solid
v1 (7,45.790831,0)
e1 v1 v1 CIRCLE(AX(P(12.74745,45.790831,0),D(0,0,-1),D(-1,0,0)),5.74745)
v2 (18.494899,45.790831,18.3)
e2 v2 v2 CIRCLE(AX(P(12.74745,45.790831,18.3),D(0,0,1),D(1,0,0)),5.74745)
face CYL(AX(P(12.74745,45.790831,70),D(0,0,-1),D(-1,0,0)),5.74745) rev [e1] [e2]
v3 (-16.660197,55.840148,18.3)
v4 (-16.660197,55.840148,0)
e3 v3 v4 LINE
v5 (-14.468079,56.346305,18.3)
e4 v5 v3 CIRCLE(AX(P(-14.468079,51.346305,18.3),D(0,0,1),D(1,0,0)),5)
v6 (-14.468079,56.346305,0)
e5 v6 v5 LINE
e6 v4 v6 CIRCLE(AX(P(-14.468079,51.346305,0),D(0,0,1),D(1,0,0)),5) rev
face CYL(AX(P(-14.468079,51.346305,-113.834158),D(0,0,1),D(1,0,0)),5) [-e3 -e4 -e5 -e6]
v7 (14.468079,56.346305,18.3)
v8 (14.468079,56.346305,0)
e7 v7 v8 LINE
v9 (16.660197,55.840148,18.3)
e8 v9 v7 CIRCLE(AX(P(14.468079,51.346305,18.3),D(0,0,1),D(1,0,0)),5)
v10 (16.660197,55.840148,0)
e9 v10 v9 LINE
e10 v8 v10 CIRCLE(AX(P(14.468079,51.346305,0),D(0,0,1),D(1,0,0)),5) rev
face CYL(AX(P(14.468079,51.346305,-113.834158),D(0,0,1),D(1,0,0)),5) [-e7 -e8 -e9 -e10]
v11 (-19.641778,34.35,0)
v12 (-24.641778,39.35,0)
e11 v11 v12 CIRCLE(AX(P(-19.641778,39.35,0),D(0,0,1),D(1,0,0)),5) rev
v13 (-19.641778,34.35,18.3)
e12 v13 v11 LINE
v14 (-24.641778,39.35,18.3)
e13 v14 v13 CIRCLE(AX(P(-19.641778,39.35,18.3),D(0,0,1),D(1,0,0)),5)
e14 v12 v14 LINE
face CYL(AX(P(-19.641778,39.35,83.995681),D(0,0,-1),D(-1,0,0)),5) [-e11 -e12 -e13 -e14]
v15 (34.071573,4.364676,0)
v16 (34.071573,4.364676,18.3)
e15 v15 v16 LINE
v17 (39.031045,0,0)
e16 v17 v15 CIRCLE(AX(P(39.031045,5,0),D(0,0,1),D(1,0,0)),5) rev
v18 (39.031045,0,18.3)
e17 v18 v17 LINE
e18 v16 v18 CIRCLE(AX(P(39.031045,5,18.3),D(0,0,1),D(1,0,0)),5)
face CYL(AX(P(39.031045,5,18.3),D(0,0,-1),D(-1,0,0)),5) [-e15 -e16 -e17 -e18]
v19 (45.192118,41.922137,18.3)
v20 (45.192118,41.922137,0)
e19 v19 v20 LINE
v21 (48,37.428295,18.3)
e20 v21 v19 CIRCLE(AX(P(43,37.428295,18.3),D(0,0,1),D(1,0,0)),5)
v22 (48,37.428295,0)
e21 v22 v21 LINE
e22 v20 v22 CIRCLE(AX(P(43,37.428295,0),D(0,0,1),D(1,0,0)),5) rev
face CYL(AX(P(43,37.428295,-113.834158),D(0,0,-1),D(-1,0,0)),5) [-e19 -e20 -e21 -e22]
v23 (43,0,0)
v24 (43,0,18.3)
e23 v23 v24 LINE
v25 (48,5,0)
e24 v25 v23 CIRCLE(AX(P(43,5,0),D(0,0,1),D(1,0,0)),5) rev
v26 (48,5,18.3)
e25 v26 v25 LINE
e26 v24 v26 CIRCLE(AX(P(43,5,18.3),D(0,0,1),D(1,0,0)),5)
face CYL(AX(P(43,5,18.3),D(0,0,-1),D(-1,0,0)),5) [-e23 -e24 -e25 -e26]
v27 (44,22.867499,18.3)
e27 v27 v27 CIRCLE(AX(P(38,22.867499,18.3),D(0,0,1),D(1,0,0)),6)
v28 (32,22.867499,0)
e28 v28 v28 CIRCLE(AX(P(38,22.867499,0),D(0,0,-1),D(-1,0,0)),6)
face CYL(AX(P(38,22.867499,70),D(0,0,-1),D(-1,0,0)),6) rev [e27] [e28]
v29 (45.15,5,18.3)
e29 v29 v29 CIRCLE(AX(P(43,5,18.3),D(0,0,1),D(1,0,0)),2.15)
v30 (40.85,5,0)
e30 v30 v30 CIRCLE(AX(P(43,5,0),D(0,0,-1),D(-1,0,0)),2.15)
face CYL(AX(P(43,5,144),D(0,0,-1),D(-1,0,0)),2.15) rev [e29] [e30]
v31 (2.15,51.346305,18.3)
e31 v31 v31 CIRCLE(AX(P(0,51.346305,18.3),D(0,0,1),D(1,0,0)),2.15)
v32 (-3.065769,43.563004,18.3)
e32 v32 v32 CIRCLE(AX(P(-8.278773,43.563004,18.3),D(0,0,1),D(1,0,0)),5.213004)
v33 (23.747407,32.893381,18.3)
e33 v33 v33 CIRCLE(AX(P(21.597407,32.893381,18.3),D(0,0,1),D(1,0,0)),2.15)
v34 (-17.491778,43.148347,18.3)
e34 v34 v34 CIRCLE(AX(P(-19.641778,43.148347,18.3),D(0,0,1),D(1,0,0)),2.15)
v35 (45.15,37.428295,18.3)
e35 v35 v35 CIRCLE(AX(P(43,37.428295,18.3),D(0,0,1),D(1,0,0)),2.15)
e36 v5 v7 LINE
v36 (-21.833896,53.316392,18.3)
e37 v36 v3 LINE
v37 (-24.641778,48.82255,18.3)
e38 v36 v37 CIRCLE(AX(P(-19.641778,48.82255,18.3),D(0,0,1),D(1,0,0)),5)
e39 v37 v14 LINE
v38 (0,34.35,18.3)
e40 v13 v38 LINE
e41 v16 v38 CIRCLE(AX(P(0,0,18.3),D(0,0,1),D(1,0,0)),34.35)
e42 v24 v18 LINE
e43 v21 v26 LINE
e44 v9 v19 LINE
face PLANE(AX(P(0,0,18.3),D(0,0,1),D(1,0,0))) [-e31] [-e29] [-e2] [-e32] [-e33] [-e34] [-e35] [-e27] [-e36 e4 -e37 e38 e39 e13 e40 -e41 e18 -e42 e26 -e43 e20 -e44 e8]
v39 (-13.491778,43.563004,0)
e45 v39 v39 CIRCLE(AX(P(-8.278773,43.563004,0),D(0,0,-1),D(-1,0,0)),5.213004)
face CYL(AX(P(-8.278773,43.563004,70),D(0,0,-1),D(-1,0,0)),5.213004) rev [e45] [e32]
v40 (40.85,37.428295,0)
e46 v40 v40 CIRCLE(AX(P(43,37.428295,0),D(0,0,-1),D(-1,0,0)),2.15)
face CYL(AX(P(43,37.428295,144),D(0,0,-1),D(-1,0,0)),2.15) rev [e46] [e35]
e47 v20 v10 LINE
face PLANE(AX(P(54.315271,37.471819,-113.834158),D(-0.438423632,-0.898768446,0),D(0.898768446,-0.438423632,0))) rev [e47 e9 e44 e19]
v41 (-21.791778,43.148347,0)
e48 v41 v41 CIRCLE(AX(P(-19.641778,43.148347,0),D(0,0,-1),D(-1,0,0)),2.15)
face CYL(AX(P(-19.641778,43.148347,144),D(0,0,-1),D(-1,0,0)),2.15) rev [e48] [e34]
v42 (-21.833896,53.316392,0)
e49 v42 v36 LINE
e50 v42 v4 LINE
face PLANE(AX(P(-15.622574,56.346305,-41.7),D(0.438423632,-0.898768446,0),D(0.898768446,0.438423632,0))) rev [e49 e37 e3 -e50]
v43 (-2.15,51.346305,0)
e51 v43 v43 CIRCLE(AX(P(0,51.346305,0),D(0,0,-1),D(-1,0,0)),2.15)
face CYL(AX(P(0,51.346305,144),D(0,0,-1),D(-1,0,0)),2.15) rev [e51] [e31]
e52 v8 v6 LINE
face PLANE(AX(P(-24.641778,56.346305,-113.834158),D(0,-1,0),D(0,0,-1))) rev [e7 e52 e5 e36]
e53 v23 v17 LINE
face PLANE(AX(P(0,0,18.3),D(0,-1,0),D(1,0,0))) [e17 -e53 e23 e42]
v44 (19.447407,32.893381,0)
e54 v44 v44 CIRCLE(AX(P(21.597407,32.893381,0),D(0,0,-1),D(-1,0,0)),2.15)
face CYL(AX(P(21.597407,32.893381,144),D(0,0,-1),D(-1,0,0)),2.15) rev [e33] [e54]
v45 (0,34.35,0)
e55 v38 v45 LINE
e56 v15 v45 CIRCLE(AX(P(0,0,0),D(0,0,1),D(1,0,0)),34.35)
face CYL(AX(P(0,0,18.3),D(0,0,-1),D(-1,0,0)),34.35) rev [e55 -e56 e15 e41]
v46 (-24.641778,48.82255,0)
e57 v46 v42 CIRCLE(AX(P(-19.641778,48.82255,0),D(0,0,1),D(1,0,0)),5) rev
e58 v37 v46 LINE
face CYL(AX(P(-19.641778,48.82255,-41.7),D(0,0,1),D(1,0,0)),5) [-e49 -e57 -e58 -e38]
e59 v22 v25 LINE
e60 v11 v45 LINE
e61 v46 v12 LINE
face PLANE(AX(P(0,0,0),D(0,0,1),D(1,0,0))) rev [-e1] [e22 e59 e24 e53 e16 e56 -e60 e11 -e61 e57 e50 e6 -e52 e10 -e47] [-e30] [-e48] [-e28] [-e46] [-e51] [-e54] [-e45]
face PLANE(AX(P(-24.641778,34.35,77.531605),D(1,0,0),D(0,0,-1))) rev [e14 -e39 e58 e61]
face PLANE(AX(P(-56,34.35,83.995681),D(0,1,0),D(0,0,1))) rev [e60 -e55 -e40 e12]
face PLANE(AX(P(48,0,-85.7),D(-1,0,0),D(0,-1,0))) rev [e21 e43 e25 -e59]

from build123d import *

# Parameters (mm, degrees)
SKETCH_1_R           = 6
EXTRUDE_1_DEPTH      = 18.3
CUT_EXTRUDE_1_DEPTH  = 18.3
CUT_EXTRUDE_2_DEPTH  = 18.3
CUT_EXTRUDE_3_DEPTH  = 18.3
FILLET_1_R           = 2
CUT_EXTRUDE_4_DEPTH  = 18.3
CUT_EXTRUDE_5_DEPTH  = 18.3
CUT_EXTRUDE_6_DEPTH  = 60
CUT_EXTRUDE_8_DEPTH  = 104
SKETCH_10_R          = 2.15
CUT_EXTRUDE_9_DEPTH  = 144
FILLET_2_R           = 5
SKETCH_13_R          = 6
SKETCH_13_R_2        = 5.747449745
SKETCH_13_R_3        = 5.213004259
CUT_EXTRUDE_11_DEPTH = 70


with BuildPart() as part:
    # 草图1 → 凸台-拉伸1 (new body)
    with BuildSketch(Plane.XY):
        with BuildLine():
            Line((-56, 0), (-34.35, 0))
            ThreePointArc((-34.35, 0), (0, 34.35), (34.35, 0))
            Line((34.35, 0), (56, 0))
            Line((56, 0), (56, 56.65))
            Line((56, 56.65), (8.281928864, 111.239451243))
            ThreePointArc((8.281928864, 111.239451243), (0, 115), (-8.281928864, 111.239451243))
            Line((-8.281928864, 111.239451243), (-56, 56.65))
            Line((-56, 56.65), (-56, 0))
        make_face()
        with Locations((0, 104)):
            Circle(SKETCH_1_R, mode=Mode.SUBTRACT)
    extrude(amount=EXTRUDE_1_DEPTH)

    # 草图2 → 切除-拉伸1 (cut)
    with BuildSketch(Plane(origin=(0, 0, 0), x_dir=(-1, 0, 0), z_dir=(0, 0, -1))):
        with BuildLine():
            Line((56, 34.35), (0, 34.35))
            ThreePointArc((0, 34.35), (24.289117934, 24.289117934), (34.35, 0))
            Line((34.35, 0), (56, 0))
            Line((56, 0), (56, 34.35))
        make_face()
    extrude(amount=-CUT_EXTRUDE_1_DEPTH, mode=Mode.SUBTRACT)

    # 草图3 → 切除-拉伸2 (cut)
    with BuildSketch(Plane(origin=(0, 0, 0), x_dir=(-1, 0, 0), z_dir=(0, 0, -1))):
        Polygon((41, 34.35), (41, 59.35), (9.317845696, 109.846174099), (56, 56.65), (56, 34.35), align=None)
    extrude(amount=-CUT_EXTRUDE_2_DEPTH, mode=Mode.SUBTRACT)

    # 草图4 → 切除-拉伸3 (cut)
    with BuildSketch(Plane.XY.offset(18.3)):
        Polygon((-9.317845696, 109.846174099), (-8.855036315, 110.583816584), (-56, 56.65), align=None)
    extrude(amount=-CUT_EXTRUDE_3_DEPTH, mode=Mode.SUBTRACT)

    # 圆角1
    fillet_1_edges = [part.edges().sort_by_distance(p)[0] for p in [
        (-41, 34.35, 9.15),
    ]]
    fillet(fillet_1_edges, radius=FILLET_1_R)

    # 草图5 → 切除-拉伸4 (cut)
    with BuildSketch(Plane(origin=(0, 0, 0), x_dir=(-1, 0, 0), z_dir=(0, 0, -1))):
        Polygon((24.641777725, 34.35), (24.641777725, 85.422331825), (54.641777725, 59.35), (54.641777725, 34.35), align=None)
    extrude(amount=-CUT_EXTRUDE_4_DEPTH, mode=Mode.SUBTRACT)

    # 草图6 → 切除-拉伸5 (cut)
    with BuildSketch(Plane.XY.offset(18.3)):
        Polygon((-24.641777725, 56.346305337), (15.622574059, 56.346305337), (54.315270896, 37.471819075), (54.315270896, 119.471819075), (-24.641777725, 119.471819075), align=None)
    extrude(amount=-CUT_EXTRUDE_5_DEPTH, mode=Mode.SUBTRACT)

    # 草图7 → 切除-拉伸6 (cut)
    with BuildSketch(Plane.XY.offset(18.3)):
        Polygon((-15.622574059, 56.346305337), (-24.641777725, 51.946693793), (-24.641777725, 56.346305337), align=None)
    extrude(amount=-CUT_EXTRUDE_6_DEPTH, mode=Mode.SUBTRACT)

    # 草图9 → 切除-拉伸8 (cut)
    with BuildSketch(Plane.XY.offset(18.3)):
        Polygon((48, 0), (48, 40.552439024), (56, 36.65), (56, 0), align=None)
    extrude(amount=-CUT_EXTRUDE_8_DEPTH, mode=Mode.SUBTRACT)


with BuildPart() as cut_extrude_8_piece_1:
    # of the separate pieces the step leaves, piece 1, a body of its own (cut_extrude_8_pieces)
    add(part.part.solids().sort_by_distance((-24.641777725, 34.35, 0))[0])

    # 草图10 → 切除-拉伸9 (cut)
    with BuildSketch(Plane(origin=(0, 0, 0), x_dir=(-1, 0, 0), z_dir=(0, 0, -1))):
        with Locations((-43, 5)):
            Circle(SKETCH_10_R)
        with Locations((-43, 37.428295255)):
            Circle(SKETCH_10_R)
        with Locations((0, 51.346305337)):
            Circle(SKETCH_10_R)
        with Locations((19.641777725, 43.148346896)):
            Circle(SKETCH_10_R)
        with Locations((-21.597406613, 32.893381213)):
            Circle(SKETCH_10_R)
    extrude(amount=-CUT_EXTRUDE_9_DEPTH, mode=Mode.SUBTRACT)

    # 圆角2
    fillet_2_edges = [cut_extrude_8_piece_1.edges().sort_by_distance(p)[0] for p in [
        (48, 0, 9.15),
        (34.35, 0, 9.15),
        (-24.641777725, 34.35, 9.15),
        (48, 40.552439024, 9.15),
        (15.622574059, 56.346305337, 9.15),
        (-15.622574059, 56.346305337, 9.15),
        (-24.641777725, 51.946693793, 9.15),
    ]]
    fillet(fillet_2_edges, radius=FILLET_2_R)

    # 草图13 → 切除-拉伸11 (cut)
    with BuildSketch(Plane(origin=(0, 0, 0), x_dir=(-1, 0, 0), z_dir=(0, 0, -1))):
        with Locations((-38, 22.86749877)):
            Circle(SKETCH_13_R)
        with Locations((-12.747449745, 45.790830958)):
            Circle(SKETCH_13_R_2)
        with Locations((8.278773466, 43.563004259)):
            Circle(SKETCH_13_R_3)
    extrude(amount=-CUT_EXTRUDE_11_DEPTH, mode=Mode.SUBTRACT)


with BuildPart() as cut_extrude_8_piece_2:
    # of the separate pieces the step leaves, piece 2, a body of its own (cut_extrude_8_pieces)
    add(part.part.solids().sort_by_distance((54.315270896, 37.471819075, 0))[0])


solid = cut_extrude_8_piece_1.part
